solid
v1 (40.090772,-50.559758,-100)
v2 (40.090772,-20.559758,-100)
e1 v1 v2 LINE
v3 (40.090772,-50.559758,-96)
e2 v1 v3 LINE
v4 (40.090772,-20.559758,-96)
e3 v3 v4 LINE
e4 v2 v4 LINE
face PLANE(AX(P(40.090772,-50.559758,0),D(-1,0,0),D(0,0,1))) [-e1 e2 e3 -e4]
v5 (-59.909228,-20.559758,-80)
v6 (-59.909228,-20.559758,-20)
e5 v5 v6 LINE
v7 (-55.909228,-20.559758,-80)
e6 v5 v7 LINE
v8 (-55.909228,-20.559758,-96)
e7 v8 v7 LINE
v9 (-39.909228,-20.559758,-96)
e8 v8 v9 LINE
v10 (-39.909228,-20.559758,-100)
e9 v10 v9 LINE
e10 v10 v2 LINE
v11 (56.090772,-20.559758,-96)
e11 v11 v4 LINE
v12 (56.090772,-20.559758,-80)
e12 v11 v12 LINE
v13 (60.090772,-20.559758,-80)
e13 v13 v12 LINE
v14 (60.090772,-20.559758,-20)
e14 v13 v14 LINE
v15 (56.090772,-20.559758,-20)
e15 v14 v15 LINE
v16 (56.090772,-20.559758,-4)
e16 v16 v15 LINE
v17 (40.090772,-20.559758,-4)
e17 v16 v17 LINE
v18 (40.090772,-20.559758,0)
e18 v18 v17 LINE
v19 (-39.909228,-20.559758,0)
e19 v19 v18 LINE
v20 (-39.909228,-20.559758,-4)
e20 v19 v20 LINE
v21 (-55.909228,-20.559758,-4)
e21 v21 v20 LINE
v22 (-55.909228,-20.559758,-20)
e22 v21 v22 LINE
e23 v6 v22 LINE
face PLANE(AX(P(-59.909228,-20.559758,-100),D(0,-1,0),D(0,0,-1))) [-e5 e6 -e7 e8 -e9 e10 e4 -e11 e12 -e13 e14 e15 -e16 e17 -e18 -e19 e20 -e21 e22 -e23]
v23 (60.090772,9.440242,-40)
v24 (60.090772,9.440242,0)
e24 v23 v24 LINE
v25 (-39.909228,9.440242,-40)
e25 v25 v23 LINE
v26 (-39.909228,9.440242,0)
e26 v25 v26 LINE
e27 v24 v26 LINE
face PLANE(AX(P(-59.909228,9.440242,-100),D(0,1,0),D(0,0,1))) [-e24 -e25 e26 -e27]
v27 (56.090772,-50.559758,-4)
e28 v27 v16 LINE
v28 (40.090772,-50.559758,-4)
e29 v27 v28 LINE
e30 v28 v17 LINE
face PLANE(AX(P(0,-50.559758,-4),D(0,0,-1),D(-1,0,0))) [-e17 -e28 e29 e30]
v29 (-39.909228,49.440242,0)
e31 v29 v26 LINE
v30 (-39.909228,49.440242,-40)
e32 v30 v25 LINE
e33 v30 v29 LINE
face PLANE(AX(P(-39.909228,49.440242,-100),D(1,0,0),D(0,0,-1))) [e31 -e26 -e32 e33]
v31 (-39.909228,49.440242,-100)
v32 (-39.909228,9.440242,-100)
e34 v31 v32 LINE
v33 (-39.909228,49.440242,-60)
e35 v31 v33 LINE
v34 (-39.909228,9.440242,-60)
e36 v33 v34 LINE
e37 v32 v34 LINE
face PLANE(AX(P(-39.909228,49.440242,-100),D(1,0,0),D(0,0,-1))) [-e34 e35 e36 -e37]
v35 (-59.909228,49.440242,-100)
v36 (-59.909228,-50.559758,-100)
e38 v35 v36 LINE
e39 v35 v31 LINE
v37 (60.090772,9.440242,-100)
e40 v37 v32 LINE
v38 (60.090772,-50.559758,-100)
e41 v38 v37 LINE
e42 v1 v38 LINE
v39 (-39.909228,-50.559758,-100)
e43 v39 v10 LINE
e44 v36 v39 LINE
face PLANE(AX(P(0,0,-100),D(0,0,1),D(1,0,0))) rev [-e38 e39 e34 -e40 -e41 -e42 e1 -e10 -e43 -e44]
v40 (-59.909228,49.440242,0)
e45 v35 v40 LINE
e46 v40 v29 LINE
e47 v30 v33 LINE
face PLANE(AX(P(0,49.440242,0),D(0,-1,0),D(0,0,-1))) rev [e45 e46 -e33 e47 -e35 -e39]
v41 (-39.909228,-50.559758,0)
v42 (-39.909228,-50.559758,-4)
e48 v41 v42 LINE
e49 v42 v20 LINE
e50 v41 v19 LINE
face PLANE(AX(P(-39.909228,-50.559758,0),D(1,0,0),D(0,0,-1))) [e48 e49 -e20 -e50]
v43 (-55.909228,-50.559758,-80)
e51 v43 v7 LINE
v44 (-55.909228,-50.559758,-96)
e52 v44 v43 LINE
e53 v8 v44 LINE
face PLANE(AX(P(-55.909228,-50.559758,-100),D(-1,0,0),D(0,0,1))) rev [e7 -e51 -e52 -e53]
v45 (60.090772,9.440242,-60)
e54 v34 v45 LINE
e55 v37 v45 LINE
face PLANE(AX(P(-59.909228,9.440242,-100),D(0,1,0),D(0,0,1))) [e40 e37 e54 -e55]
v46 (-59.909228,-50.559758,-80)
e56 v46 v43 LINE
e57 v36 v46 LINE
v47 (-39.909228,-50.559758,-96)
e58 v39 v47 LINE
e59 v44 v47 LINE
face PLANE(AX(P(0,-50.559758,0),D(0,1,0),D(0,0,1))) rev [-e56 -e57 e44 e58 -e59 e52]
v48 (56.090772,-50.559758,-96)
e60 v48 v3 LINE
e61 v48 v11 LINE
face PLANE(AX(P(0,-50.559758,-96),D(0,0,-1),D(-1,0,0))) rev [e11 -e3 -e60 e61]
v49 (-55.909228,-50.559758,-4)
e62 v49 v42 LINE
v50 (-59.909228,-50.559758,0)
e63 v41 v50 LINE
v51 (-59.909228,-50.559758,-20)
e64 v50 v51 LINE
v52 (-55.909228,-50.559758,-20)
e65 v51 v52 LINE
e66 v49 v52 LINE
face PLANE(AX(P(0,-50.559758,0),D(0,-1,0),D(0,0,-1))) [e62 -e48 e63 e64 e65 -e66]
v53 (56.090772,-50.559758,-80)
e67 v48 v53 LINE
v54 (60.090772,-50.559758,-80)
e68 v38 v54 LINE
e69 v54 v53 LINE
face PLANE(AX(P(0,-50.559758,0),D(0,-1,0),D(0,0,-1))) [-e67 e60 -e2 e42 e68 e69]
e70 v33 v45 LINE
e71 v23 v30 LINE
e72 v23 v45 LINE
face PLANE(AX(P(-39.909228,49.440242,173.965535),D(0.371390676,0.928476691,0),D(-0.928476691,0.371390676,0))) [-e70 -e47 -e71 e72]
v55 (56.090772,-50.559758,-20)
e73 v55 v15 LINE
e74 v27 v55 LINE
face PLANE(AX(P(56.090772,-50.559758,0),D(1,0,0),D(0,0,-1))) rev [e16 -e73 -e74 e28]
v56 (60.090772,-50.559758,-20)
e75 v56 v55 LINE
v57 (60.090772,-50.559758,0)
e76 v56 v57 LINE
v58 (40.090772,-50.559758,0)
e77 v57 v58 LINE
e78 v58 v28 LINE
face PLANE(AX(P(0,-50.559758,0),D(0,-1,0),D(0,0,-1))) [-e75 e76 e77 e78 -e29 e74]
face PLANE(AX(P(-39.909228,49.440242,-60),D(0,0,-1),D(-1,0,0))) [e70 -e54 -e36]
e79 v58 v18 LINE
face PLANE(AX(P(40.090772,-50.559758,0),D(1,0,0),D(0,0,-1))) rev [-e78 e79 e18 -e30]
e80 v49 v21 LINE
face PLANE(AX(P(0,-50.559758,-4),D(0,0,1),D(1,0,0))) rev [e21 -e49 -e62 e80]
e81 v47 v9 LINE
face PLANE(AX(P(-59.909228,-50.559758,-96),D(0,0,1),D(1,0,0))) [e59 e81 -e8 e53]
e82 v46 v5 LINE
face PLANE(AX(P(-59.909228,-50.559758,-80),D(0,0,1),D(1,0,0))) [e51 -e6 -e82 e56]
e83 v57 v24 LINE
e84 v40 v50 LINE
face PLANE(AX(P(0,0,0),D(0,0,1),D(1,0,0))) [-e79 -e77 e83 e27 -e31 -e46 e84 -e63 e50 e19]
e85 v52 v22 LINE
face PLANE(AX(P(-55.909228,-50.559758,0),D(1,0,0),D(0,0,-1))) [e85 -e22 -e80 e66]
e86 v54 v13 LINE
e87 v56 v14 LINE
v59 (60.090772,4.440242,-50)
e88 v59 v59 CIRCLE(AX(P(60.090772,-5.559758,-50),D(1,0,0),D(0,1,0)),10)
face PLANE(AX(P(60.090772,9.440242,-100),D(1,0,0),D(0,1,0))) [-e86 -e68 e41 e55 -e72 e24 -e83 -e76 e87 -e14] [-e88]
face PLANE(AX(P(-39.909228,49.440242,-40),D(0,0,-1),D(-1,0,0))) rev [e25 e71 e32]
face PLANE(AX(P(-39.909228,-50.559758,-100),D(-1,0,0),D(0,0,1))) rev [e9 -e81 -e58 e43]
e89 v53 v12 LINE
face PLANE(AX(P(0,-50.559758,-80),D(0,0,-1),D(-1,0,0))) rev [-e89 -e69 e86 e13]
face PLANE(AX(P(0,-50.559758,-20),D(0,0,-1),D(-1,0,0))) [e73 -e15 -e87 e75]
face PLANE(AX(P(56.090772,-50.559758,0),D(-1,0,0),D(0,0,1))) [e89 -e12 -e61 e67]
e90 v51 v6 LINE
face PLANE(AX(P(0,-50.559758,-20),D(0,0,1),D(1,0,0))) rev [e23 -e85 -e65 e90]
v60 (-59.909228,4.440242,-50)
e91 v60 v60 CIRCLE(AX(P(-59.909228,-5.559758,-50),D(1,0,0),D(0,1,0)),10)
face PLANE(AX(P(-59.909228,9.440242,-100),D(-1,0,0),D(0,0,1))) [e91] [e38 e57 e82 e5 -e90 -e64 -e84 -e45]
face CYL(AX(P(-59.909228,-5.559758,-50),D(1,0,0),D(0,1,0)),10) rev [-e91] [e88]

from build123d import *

# Parameters (mm, degrees)
SKETCH7_W               = 120
SKETCH7_H               = 30
BOSS_EXTRUDE4_DEPTH     = 100
SKETCH8_W               = 20
SKETCH8_H               = 100
BOSS_EXTRUDE5_DEPTH     = 40
SKETCH9_W               = 100
SKETCH9_H               = 20
BOSS_EXTRUDE6_DEPTH     = 40
CUT_EXTRUDE2_DEPTH      = 99.261072461
CUT_EXTRUDE2_DEPTH_BACK = 40
SKETCH11_R              = 10
CUT_EXTRUDE3_DEPTH      = 120
SKETCH12_W              = 4
SKETCH12_H              = 16
SKETCH12_H_2            = 4
SKETCH12_W_2            = 16
SKETCH12_W_3            = 20
SKETCH12_H_3            = 20
BOSS_EXTRUDE7_DEPTH     = 30


with BuildPart() as part:
    # Sketch7 → Boss-Extrude4 (new body)
    with BuildSketch(Plane.XY):
        with Locations((0.090771558, -5.559757943)):
            Rectangle(SKETCH7_W, SKETCH7_H)
    extrude(amount=-BOSS_EXTRUDE4_DEPTH)

    # Sketch8 → Boss-Extrude5 (add)
    with BuildSketch(Plane(origin=(0, 9.440242057, 0), x_dir=(1, 0, 0), z_dir=(0, 1, 0))):
        with Locations((-49.909228442, 50)):
            Rectangle(SKETCH8_W, SKETCH8_H)
    extrude(amount=BOSS_EXTRUDE5_DEPTH)

    # Sketch9 → Boss-Extrude6 (add)
    with BuildSketch(Plane(origin=(0, 9.440242057, 0), x_dir=(1, 0, 0), z_dir=(0, 1, 0))):
        with Locations((10.090771558, 50)):
            Rectangle(SKETCH9_W, SKETCH9_H)
    extrude(amount=BOSS_EXTRUDE6_DEPTH)

    # Sketch10 → Cut-Extrude2 (cut, two sides: drawn at the far end of the back side and taken through both)
    with BuildSketch(Plane.XY.offset(-40).offset(-CUT_EXTRUDE2_DEPTH_BACK)):
        Polygon((-284.082083156, 147.109383943), (-39.909228442, 49.440242057), (60.090771558, 9.440242057), (304.263626273, -88.228899828), (499.601910045, 400.116809601), (-88.743799385, 635.455093373), align=None)
    extrude(amount=CUT_EXTRUDE2_DEPTH + CUT_EXTRUDE2_DEPTH_BACK, mode=Mode.SUBTRACT)

    # Sketch11 → Cut-Extrude3 (cut)
    with BuildSketch(Plane(origin=(60.090771558, 0, 0), x_dir=(0, 0, -1), z_dir=(1, 0, 0))):
        with Locations(Location((50, -5.559757943, 0), (0, 0, 90))):
            Circle(SKETCH11_R)
    extrude(amount=-CUT_EXTRUDE3_DEPTH, mode=Mode.SUBTRACT)

    # Sketch12 → Boss-Extrude7 (add)
    with BuildSketch(Plane.XZ.offset(20.559757943)):
        with Locations((-57.909228442, -12)):
            Rectangle(SKETCH12_W, SKETCH12_H)
        with Locations((-57.909228442, -2)):
            Rectangle(SKETCH12_W, SKETCH12_H_2)
        with Locations((-47.909228442, -2)):
            Rectangle(SKETCH12_W_2, SKETCH12_H_2)
        with Locations((48.090771558, -2)):
            Rectangle(SKETCH12_W_2, SKETCH12_H_2)
        with Locations((58.090771558, -12)):
            Rectangle(SKETCH12_W, SKETCH12_H)
        with Locations((58.090771558, -2)):
            Rectangle(SKETCH12_W, SKETCH12_H_2)
        with Locations((58.090771558, -88)):
            Rectangle(SKETCH12_W, SKETCH12_H)
        with Locations((58.090771558, -98)):
            Rectangle(SKETCH12_W, SKETCH12_H_2)
        with Locations((48.090771558, -98)):
            Rectangle(SKETCH12_W_2, SKETCH12_H_2)
        with Locations((-49.909228442, -98)):
            Rectangle(SKETCH12_W_3, SKETCH12_H_2)
        with Locations((-57.909228442, -90)):
            Rectangle(SKETCH12_W, SKETCH12_H_3)
    extrude(amount=BOSS_EXTRUDE7_DEPTH)


solid = part.part
